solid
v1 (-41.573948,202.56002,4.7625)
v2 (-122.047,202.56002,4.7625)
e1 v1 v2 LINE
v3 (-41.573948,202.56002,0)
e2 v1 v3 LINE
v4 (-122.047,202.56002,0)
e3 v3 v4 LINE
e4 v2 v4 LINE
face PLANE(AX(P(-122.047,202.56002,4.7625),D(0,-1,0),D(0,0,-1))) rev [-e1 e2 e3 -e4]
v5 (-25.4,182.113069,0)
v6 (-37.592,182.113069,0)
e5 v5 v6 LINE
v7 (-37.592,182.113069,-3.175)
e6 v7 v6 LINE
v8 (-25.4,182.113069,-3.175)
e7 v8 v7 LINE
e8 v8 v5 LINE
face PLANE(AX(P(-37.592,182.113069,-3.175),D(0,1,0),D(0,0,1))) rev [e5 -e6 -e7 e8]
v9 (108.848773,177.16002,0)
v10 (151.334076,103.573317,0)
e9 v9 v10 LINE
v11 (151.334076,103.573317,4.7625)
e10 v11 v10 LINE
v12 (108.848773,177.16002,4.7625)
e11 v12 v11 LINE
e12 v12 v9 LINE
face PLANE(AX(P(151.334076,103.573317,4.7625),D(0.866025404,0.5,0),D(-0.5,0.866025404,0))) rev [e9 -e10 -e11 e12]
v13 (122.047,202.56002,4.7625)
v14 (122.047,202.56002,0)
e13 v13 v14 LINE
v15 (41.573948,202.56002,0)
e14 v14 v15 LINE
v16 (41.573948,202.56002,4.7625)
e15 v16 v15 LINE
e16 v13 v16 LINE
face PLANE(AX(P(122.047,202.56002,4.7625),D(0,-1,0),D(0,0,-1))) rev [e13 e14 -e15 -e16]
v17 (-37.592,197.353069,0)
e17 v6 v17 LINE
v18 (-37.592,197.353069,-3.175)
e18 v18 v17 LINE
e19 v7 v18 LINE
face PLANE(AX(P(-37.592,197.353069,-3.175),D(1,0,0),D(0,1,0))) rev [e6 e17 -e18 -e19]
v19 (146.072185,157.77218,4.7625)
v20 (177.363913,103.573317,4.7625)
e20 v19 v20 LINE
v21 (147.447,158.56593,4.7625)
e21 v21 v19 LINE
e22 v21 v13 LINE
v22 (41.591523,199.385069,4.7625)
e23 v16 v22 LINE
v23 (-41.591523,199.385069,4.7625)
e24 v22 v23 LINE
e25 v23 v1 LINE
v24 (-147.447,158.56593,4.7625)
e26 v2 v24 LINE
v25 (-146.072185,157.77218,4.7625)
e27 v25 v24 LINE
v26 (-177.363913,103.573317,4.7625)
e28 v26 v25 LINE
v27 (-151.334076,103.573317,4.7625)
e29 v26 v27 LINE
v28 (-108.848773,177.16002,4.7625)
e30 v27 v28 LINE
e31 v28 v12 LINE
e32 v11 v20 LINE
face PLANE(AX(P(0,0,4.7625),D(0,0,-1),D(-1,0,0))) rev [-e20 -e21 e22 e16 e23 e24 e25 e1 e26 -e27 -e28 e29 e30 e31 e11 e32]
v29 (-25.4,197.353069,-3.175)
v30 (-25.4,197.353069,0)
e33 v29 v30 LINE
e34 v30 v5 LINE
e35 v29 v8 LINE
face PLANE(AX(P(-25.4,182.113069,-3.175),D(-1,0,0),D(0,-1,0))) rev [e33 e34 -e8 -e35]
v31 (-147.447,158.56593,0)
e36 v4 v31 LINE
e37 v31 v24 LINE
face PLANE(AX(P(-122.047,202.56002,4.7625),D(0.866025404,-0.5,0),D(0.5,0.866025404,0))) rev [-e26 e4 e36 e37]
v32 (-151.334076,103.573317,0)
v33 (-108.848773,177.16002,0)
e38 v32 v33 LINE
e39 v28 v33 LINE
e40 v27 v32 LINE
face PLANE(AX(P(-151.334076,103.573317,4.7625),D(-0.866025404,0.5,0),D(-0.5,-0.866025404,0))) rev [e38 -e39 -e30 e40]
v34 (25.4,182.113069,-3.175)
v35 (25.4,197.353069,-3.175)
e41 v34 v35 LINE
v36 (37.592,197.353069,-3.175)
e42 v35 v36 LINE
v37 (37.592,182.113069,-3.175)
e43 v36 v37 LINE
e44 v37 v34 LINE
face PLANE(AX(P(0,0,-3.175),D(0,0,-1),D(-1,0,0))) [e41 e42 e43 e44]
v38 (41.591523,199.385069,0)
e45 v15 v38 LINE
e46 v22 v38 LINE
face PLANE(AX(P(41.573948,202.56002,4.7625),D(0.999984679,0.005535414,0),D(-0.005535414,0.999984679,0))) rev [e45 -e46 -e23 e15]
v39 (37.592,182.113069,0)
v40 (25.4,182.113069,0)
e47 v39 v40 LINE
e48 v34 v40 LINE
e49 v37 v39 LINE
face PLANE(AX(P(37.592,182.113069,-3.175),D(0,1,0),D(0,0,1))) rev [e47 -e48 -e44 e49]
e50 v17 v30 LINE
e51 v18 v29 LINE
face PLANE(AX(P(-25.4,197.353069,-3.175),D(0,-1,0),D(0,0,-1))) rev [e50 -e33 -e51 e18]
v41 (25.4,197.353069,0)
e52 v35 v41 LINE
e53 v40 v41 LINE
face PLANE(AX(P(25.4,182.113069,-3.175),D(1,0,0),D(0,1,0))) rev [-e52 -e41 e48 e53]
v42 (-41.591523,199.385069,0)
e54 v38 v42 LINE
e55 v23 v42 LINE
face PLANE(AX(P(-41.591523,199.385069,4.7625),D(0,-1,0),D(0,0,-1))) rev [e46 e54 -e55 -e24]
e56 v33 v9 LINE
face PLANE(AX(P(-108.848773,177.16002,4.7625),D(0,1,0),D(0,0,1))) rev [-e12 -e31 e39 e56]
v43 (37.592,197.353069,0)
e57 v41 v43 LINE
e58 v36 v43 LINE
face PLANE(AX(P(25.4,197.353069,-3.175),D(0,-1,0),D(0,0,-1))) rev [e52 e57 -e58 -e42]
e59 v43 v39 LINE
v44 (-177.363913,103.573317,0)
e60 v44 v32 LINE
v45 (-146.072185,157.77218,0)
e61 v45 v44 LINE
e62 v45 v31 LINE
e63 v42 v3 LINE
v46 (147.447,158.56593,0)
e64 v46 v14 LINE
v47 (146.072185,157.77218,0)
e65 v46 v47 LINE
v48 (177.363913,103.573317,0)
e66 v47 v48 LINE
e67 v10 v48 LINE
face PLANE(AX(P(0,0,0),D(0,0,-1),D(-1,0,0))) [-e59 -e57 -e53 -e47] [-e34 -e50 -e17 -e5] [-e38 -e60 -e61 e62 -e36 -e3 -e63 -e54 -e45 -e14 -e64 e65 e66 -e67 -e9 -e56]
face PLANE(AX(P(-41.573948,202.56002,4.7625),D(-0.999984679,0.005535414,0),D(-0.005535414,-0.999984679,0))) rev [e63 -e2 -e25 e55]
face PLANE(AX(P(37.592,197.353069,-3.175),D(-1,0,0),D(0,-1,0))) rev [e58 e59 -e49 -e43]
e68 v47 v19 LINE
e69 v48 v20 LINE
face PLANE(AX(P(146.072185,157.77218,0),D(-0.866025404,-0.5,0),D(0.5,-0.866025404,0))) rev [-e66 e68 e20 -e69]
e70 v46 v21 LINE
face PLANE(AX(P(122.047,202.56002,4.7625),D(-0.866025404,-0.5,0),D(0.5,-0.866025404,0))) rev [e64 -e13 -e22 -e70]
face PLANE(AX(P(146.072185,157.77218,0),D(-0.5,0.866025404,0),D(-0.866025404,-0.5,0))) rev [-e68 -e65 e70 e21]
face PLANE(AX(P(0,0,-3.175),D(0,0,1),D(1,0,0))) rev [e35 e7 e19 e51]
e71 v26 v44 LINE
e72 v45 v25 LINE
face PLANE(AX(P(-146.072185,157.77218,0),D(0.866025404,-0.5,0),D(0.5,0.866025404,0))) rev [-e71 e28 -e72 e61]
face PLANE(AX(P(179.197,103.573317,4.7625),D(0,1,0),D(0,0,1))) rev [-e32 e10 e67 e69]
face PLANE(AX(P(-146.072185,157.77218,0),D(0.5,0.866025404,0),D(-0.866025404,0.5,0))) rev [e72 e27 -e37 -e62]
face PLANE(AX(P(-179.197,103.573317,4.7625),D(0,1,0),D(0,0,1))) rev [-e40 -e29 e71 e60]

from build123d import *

# Parameters (mm, degrees)
BOSS_EXTRUDE1_DEPTH = 4.7625
CUT_EXTRUDE2_DEPTH  = 271.489940724
SKETCH3_W           = 12.192
SKETCH3_H           = 15.24
BOSS_EXTRUDE2_DEPTH = 3.175


with BuildPart() as part:
    # Sketch1 → Boss-Extrude1 (new body)
    with BuildSketch(Plane.XY):
        Polygon((-122.047, 202.560020285), (-179.197, 103.573316632), (-151.334076009, 103.573316632), (-108.848772846, 177.160020285), (108.848772846, 177.160020285), (151.334076009, 103.573316632), (179.197, 103.573316632), (122.047, 202.560020285), (41.573947838, 202.560020285), (41.591522776, 199.385068928), (-41.591522776, 199.385068928), (-41.573947838, 202.560020285), align=None)
    extrude(amount=BOSS_EXTRUDE1_DEPTH)

    # Sketch2 → Cut-Extrude2 (cut, through all)
    with BuildSketch(Plane.XY.offset(4.7625)):
        Polygon((183.007, 96.974203056), (181.632184671, 96.180453056), (146.072184671, 157.772179773), (147.447, 158.565929773), align=None)
        Polygon((-183.007, 96.974203056), (-181.632184671, 96.180453056), (-146.072184671, 157.772179773), (-147.447, 158.565929773), align=None)
    extrude(amount=-CUT_EXTRUDE2_DEPTH, mode=Mode.SUBTRACT)

    # Sketch3 → Boss-Extrude2 (add)
    with BuildSketch(Plane(origin=(0, 0, 0), x_dir=(-1, 0, 0), z_dir=(0, 0, -1))):
        with Locations((-31.496, 189.733068928)):
            Rectangle(SKETCH3_W, SKETCH3_H)
        with Locations((31.496, 189.733068928)):
            Rectangle(SKETCH3_W, SKETCH3_H)
    extrude(amount=BOSS_EXTRUDE2_DEPTH)


solid = part.part
